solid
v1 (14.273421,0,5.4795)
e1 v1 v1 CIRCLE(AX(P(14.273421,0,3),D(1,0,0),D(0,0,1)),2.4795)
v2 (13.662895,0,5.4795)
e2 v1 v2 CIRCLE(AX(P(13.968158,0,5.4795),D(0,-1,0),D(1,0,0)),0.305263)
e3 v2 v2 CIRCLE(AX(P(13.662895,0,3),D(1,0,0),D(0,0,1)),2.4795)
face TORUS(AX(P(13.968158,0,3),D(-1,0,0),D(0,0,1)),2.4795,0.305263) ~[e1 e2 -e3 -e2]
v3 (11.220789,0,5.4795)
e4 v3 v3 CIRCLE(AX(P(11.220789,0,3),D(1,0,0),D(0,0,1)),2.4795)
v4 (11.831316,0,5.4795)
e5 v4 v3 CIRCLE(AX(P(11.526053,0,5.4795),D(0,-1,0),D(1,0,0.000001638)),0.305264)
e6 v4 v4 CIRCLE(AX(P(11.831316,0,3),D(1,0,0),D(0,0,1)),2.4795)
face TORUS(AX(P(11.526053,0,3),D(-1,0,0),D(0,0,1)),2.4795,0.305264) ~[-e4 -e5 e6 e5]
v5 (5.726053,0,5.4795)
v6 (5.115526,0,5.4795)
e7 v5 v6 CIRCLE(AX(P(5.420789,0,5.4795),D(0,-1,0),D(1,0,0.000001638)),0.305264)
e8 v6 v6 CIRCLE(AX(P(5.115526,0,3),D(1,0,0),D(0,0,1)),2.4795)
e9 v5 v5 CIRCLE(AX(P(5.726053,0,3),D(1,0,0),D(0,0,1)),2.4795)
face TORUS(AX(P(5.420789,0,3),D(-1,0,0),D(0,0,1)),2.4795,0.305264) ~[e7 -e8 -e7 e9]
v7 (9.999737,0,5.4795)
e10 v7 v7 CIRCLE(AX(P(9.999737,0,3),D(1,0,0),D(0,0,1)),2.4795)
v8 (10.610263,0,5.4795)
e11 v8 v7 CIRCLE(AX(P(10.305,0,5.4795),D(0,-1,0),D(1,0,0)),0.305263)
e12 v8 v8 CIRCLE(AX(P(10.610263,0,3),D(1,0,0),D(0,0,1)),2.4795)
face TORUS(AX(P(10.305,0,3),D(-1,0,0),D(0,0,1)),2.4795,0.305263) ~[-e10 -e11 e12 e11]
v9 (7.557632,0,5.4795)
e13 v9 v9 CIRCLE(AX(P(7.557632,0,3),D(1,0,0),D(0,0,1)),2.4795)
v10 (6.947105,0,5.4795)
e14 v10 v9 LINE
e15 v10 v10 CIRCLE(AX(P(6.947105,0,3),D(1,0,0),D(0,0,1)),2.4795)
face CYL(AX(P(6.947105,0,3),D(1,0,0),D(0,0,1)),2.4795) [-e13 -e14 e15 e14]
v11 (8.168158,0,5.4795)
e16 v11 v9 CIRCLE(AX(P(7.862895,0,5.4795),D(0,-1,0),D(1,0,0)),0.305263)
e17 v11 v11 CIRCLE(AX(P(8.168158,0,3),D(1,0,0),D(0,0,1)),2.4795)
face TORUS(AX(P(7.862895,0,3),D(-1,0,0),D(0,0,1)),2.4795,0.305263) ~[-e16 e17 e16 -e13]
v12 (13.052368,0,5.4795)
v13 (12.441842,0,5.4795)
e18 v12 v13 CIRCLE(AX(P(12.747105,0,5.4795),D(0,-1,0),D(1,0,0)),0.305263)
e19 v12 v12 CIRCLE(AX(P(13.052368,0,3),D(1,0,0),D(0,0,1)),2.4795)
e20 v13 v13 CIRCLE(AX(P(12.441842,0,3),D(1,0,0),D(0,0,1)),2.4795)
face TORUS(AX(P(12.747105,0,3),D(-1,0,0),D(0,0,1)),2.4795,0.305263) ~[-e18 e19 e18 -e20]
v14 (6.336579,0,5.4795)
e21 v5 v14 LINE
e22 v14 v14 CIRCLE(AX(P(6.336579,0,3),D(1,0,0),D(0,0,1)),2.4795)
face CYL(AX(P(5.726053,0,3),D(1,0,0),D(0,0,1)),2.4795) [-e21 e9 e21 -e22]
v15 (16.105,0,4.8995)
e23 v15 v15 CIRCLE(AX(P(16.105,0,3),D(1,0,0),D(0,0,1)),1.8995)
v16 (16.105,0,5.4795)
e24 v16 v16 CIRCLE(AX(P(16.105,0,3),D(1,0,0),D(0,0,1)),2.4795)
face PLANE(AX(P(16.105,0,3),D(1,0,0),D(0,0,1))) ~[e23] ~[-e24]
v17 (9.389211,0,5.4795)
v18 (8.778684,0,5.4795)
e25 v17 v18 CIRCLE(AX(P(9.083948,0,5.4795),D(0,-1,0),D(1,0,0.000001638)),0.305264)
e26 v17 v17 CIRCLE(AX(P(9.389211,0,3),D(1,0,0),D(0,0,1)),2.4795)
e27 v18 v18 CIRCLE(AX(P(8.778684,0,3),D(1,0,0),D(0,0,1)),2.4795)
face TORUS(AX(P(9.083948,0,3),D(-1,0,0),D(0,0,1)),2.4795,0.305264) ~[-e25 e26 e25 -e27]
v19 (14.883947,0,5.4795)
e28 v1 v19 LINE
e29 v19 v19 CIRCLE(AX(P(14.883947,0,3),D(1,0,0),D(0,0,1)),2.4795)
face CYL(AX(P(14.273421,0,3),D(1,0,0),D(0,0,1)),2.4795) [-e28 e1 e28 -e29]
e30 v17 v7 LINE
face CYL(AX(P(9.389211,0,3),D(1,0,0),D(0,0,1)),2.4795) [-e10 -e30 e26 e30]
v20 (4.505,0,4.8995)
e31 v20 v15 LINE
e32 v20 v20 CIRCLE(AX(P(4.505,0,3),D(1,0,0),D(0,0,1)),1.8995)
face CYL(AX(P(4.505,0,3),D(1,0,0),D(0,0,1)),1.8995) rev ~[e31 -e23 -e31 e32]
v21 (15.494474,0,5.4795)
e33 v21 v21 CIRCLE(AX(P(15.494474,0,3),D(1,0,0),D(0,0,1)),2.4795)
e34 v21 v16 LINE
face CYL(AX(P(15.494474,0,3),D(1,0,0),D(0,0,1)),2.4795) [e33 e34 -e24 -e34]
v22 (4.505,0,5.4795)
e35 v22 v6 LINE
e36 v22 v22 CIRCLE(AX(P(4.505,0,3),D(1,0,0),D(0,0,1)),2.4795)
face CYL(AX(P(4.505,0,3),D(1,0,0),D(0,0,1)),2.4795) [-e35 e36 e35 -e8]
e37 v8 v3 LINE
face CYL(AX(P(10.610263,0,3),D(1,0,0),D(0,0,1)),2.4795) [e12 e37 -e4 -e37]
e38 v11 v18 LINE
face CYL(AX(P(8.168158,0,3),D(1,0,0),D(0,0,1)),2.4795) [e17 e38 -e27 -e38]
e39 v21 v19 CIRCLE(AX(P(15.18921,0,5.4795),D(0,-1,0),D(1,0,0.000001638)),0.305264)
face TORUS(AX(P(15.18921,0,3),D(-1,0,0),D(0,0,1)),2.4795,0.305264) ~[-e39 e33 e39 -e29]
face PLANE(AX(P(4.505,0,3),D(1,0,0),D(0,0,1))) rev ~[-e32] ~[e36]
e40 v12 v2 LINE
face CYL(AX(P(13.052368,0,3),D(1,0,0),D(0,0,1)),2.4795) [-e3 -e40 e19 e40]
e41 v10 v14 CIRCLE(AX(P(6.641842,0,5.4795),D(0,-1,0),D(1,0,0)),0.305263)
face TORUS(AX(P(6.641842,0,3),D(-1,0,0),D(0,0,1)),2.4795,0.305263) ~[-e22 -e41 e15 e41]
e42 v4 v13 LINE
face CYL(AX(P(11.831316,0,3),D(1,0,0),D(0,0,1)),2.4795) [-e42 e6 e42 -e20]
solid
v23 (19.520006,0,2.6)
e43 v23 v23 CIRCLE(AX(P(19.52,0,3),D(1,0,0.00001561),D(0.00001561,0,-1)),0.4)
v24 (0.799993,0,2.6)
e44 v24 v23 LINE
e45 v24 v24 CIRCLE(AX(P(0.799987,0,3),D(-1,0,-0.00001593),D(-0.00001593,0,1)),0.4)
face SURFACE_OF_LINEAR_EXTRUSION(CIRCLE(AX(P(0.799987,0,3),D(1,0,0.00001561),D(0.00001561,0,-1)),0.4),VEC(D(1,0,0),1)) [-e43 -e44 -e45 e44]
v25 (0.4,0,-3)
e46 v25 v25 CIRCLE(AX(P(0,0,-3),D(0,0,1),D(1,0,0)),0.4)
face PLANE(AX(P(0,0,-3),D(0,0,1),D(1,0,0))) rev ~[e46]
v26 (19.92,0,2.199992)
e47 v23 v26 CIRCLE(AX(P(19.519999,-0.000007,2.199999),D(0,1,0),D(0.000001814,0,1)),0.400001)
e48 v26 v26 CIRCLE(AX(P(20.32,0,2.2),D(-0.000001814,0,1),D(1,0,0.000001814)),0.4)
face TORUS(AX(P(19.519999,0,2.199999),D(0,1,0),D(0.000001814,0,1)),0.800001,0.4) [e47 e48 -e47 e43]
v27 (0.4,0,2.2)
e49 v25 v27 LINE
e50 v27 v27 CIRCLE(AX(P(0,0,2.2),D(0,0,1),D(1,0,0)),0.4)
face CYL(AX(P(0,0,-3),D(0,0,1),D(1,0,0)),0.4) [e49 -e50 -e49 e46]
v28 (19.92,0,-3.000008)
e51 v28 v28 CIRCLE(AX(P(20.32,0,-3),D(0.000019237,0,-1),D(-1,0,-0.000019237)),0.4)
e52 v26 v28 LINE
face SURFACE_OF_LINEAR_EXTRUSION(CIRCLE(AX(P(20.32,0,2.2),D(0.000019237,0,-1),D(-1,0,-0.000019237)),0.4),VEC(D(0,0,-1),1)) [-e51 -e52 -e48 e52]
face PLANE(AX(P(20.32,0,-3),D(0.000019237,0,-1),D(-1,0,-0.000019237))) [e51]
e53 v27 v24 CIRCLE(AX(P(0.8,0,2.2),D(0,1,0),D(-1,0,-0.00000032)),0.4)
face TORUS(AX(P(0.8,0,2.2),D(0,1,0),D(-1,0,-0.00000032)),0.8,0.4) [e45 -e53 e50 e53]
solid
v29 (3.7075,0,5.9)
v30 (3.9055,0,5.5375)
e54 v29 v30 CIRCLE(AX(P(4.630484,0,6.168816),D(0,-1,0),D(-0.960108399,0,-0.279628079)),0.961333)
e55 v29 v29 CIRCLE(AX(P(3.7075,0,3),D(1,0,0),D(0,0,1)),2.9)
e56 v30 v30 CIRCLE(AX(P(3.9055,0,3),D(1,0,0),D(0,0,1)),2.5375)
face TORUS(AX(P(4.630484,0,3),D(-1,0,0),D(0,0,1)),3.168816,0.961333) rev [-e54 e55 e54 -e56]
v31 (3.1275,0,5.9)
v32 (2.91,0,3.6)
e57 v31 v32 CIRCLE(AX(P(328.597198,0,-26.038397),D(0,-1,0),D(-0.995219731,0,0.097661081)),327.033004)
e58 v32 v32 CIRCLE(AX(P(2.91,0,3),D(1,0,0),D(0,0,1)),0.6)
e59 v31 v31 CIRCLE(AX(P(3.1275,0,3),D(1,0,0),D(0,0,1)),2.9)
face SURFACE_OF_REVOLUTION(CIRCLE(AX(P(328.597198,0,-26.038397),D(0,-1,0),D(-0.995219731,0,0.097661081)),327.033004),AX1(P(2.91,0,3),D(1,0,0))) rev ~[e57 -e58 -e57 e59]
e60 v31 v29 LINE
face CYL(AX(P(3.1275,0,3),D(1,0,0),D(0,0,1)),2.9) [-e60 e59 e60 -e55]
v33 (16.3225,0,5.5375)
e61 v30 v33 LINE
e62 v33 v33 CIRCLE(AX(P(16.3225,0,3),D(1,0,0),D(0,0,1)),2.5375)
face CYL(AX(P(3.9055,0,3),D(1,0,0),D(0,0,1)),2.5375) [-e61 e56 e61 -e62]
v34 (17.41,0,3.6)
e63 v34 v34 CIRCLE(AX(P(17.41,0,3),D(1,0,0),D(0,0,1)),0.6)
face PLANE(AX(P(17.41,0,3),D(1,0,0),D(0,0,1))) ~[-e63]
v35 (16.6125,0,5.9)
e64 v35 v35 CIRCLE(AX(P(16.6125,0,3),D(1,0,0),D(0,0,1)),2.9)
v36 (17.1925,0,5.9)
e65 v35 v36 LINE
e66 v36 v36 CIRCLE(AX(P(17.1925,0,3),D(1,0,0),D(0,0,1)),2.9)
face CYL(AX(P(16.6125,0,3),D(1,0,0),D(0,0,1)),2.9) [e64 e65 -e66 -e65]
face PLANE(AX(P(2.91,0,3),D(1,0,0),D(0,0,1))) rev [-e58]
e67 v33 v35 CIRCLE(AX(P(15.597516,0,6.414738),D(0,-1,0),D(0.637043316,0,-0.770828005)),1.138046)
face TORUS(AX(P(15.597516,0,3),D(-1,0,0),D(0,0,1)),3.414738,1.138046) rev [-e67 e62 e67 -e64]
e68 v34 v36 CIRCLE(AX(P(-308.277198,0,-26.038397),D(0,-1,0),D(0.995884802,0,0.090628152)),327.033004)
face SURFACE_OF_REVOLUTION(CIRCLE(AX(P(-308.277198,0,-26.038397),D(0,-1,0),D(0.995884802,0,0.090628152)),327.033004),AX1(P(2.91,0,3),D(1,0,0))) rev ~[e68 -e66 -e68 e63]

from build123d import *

# Parameters (mm, degrees)
SKETCH_R = 0.4


with BuildPart() as revolution:
    # Sketch002 → Revolution (revolve)
    with BuildSketch(Plane.XZ):
        with BuildLine():
            Line((3.1275, 5.9), (3.7075, 5.9))
            ThreePointArc((3.7075, 5.9), (3.786801, 5.70799), (3.9055, 5.5375))
            Line((3.9055, 5.5375), (16.3225, 5.5375))
            ThreePointArc((16.3225, 5.5375), (16.48618, 5.703806), (16.6125, 5.9))
            Line((16.6125, 5.9), (17.1925, 5.9))
            ThreePointArc((17.41, 3.6), (17.303281, 4.750192), (17.1925, 5.9))
            Line((17.41, 3), (17.41, 3.6))
            Line((2.91, 3), (17.41, 3))
            Line((2.91, 3), (2.91, 3.6))
            ThreePointArc((3.1275, 5.9), (3.016719, 4.750192), (2.91, 3.6))
        make_face()
    revolve(axis=Axis((2.91, 0, 3), (1, 0, 0)))


with BuildPart() as sweep_body:
    # Sweep: sweep along a path in Sketch001
    with BuildLine(Plane.XZ) as sweep_path:
        Line((0, -3), (0, 2.2))
        ThreePointArc((0, 2.2), (0.23431, 2.765681), (0.799987, 3))
        Line((0.799987, 3), (19.52, 3))
        ThreePointArc((19.52, 3), (20.085685, 2.765685), (20.32, 2.2))
        Line((20.32, 2.2), (20.32, -3))
    # Sketch → Sweep (sweep)
    with BuildSketch(Plane.XY.offset(-2)):
        Circle(SKETCH_R)
    sweep(path=sweep_path.line)


with BuildPart() as revolution001:
    # Sketch003 → Revolution001 (revolve)
    with BuildSketch(Plane.XZ):
        with BuildLine():
            ThreePointArc((5.726053, 5.4795), (5.420789, 5.784763), (5.115526, 5.4795))
            Line((4.505, 5.4795), (5.115526, 5.4795))
            Line((4.505, 5.4795), (4.505, 4.8995))
            Line((4.505, 4.8995), (16.105, 4.8995))
            Line((16.105, 4.8995), (16.105, 5.4795))
            Line((15.494474, 5.4795), (16.105, 5.4795))
            ThreePointArc((15.494474, 5.4795), (15.189211, 5.784763), (14.883947, 5.4795))
            Line((14.273421, 5.4795), (14.883947, 5.4795))
            ThreePointArc((14.273421, 5.4795), (13.968158, 5.784763), (13.662895, 5.4795))
            Line((13.052368, 5.4795), (13.662895, 5.4795))
            ThreePointArc((13.052368, 5.4795), (12.747105, 5.784763), (12.441842, 5.4795))
            Line((11.831316, 5.4795), (12.441842, 5.4795))
            ThreePointArc((11.831316, 5.4795), (11.526053, 5.784763), (11.220789, 5.4795))
            Line((10.610263, 5.4795), (11.220789, 5.4795))
            ThreePointArc((10.610263, 5.4795), (10.305, 5.784763), (9.999737, 5.4795))
            Line((9.389211, 5.4795), (9.999737, 5.4795))
            ThreePointArc((9.389211, 5.4795), (9.083947, 5.784763), (8.778684, 5.4795))
            Line((8.168158, 5.4795), (8.778684, 5.4795))
            ThreePointArc((8.168158, 5.4795), (7.862895, 5.784763), (7.557632, 5.4795))
            Line((6.947105, 5.4795), (7.557632, 5.4795))
            ThreePointArc((6.947105, 5.4795), (6.641842, 5.784763), (6.336579, 5.4795))
            Line((5.726053, 5.4795), (6.336579, 5.4795))
        make_face()
    revolve(axis=Axis((3.2725, 0, 3), (1, 0, 0)))


solid = Compound([revolution.part, sweep_body.part, revolution001.part])
